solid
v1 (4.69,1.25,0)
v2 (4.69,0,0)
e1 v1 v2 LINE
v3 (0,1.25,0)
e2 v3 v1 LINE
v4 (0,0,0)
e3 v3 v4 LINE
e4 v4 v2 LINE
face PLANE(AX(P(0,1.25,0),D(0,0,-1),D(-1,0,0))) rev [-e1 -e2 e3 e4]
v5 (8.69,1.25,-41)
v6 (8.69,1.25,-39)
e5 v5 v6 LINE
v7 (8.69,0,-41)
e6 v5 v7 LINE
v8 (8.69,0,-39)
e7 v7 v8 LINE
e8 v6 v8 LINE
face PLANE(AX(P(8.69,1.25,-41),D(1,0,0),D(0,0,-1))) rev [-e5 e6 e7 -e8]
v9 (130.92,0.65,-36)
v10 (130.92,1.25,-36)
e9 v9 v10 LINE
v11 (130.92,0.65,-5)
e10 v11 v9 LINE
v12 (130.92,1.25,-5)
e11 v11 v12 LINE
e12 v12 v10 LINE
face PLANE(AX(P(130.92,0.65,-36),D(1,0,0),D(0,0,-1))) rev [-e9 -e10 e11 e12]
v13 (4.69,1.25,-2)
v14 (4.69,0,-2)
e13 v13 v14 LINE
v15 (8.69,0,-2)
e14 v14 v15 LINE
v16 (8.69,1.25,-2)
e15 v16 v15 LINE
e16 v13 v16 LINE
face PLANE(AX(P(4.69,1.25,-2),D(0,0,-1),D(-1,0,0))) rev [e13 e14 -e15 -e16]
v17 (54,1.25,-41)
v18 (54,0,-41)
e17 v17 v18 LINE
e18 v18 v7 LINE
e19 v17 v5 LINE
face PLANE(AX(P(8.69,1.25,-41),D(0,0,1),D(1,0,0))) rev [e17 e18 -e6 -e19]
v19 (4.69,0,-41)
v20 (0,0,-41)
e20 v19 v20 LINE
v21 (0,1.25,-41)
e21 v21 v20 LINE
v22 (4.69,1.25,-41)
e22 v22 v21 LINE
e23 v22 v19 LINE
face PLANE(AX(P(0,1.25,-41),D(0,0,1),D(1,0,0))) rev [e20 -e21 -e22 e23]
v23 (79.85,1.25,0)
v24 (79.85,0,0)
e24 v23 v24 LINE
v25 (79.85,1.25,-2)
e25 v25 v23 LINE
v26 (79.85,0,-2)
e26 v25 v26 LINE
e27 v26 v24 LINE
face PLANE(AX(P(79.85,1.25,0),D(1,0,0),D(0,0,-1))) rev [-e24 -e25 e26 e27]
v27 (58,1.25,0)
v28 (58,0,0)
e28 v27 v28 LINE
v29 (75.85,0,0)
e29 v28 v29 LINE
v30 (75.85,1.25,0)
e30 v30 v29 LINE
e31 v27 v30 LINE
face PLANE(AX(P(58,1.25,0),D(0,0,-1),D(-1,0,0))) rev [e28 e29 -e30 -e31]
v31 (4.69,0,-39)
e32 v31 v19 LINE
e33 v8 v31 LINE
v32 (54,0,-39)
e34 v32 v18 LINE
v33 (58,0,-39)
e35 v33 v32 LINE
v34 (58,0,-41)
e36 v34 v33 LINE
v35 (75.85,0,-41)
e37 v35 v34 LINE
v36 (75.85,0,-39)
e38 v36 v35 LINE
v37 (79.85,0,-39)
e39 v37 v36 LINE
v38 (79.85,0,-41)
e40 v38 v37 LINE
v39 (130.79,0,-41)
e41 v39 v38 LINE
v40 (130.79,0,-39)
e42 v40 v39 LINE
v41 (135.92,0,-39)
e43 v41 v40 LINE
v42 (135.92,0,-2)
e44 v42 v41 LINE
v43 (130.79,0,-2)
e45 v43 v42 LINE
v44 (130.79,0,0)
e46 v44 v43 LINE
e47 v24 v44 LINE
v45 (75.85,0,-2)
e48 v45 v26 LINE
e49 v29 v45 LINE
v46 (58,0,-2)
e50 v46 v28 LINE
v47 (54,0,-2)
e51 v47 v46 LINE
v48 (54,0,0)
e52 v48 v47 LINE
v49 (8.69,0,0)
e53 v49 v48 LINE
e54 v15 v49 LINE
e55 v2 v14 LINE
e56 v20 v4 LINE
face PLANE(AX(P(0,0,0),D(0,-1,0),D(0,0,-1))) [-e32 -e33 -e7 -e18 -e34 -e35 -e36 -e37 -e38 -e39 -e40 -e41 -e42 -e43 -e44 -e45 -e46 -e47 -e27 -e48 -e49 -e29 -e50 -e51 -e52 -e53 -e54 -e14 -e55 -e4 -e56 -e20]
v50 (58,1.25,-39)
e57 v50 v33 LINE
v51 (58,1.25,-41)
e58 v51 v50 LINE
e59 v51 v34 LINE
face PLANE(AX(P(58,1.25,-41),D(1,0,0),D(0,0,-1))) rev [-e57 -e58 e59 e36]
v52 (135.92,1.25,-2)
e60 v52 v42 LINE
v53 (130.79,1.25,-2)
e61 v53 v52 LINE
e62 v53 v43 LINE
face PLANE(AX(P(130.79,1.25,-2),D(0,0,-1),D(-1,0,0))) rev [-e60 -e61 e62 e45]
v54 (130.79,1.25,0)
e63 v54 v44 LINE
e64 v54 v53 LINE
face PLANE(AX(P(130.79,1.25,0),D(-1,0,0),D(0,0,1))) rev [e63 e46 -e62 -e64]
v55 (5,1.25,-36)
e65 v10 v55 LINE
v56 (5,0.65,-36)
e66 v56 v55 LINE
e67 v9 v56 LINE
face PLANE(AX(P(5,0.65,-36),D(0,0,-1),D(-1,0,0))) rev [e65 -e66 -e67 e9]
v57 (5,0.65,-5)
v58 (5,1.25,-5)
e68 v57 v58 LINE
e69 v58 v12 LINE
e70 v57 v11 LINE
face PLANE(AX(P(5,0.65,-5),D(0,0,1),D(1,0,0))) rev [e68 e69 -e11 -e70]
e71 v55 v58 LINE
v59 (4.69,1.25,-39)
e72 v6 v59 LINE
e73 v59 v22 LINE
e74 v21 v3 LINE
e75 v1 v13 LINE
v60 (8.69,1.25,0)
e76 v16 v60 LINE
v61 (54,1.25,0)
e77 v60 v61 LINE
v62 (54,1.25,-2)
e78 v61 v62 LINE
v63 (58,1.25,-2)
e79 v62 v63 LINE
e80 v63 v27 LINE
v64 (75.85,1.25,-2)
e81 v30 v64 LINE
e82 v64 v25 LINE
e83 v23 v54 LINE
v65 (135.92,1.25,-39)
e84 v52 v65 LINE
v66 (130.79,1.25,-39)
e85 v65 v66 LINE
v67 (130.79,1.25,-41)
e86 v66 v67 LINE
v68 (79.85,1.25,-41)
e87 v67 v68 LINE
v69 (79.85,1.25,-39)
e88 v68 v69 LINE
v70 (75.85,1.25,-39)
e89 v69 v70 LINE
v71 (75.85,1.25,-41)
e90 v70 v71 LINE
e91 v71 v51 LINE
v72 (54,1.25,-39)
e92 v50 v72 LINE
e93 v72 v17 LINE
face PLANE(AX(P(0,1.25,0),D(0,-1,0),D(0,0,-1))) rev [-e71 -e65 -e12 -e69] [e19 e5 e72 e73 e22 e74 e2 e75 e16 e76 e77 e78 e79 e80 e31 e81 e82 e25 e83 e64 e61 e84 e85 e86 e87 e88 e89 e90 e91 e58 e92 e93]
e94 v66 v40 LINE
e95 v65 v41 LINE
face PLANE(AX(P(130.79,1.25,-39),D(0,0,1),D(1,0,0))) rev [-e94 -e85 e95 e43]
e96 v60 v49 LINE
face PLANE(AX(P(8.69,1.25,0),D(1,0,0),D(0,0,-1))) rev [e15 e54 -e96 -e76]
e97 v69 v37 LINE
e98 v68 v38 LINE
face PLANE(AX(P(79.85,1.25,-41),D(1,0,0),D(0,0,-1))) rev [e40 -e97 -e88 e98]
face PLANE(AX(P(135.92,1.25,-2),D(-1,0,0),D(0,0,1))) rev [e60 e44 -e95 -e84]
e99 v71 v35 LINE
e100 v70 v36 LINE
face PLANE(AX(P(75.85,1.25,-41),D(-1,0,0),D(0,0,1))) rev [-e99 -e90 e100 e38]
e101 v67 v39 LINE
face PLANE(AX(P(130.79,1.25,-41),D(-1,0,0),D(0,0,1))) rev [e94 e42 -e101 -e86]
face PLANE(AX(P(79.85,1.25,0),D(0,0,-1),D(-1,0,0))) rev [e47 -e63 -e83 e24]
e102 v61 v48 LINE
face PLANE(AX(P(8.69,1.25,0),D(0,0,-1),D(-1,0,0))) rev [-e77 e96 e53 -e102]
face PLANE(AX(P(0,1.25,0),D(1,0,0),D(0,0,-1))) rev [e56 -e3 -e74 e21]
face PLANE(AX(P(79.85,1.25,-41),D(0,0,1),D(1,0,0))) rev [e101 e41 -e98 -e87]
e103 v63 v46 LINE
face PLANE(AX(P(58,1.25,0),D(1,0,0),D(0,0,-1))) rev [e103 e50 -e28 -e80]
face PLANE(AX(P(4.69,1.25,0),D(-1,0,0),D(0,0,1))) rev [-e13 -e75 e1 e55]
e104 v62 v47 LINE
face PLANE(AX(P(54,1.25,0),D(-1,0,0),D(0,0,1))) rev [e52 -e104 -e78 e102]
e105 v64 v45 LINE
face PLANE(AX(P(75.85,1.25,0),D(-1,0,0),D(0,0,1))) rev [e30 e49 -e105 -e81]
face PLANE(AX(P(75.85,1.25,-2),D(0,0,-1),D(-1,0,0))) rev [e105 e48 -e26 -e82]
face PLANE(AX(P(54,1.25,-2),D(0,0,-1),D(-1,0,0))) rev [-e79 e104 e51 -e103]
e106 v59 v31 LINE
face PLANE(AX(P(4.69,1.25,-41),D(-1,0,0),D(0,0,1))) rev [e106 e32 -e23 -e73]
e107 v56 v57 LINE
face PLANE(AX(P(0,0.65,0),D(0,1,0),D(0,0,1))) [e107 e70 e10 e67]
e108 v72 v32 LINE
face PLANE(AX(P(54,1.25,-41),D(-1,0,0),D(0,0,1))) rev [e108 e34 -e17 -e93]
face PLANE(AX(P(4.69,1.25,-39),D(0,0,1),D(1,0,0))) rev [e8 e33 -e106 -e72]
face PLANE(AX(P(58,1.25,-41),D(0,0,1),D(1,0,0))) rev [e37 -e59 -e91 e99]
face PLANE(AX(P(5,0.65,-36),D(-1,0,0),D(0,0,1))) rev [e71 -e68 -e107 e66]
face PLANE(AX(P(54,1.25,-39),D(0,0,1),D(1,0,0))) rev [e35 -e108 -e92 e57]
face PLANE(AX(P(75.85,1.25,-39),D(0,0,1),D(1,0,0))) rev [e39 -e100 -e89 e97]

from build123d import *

# Parameters (mm, degrees)
BOSS_EXTRUDE1_DEPTH = 1.25
SKETCH2_W           = 125.92
SKETCH2_H           = 31
CUT_EXTRUDE1_DEPTH  = 0.6


with BuildPart() as part:
    # Sketch1 → Boss-Extrude1 (new body)
    with BuildSketch(Plane(origin=(0, 0, 0), x_dir=(1, 0, 0), z_dir=(0, 1, 0))):
        Polygon((8.69, 0), (54, 0), (54, 2), (58, 2), (58, 0), (75.85, 0), (75.85, 2), (79.85, 2), (79.85, 0), (130.79, 0), (130.79, 2), (135.92, 2), (135.92, 39), (130.79, 39), (130.79, 41), (79.85, 41), (79.85, 39), (75.85, 39), (75.85, 41), (58, 41), (58, 39), (54, 39), (54, 41), (8.69, 41), (8.69, 39), (4.69, 39), (4.69, 41), (0, 41), (0, 0), (4.69, 0), (4.69, 2), (8.69, 2), align=None)
    extrude(amount=BOSS_EXTRUDE1_DEPTH)

    # Sketch2 → Cut-Extrude1 (cut)
    with BuildSketch(Plane(origin=(0, 1.25, 0), x_dir=(1, 0, 0), z_dir=(0, 1, 0))):
        with Locations((67.96, 20.5)):
            Rectangle(SKETCH2_W, SKETCH2_H)
    extrude(amount=-CUT_EXTRUDE1_DEPTH, mode=Mode.SUBTRACT)


solid = part.part
